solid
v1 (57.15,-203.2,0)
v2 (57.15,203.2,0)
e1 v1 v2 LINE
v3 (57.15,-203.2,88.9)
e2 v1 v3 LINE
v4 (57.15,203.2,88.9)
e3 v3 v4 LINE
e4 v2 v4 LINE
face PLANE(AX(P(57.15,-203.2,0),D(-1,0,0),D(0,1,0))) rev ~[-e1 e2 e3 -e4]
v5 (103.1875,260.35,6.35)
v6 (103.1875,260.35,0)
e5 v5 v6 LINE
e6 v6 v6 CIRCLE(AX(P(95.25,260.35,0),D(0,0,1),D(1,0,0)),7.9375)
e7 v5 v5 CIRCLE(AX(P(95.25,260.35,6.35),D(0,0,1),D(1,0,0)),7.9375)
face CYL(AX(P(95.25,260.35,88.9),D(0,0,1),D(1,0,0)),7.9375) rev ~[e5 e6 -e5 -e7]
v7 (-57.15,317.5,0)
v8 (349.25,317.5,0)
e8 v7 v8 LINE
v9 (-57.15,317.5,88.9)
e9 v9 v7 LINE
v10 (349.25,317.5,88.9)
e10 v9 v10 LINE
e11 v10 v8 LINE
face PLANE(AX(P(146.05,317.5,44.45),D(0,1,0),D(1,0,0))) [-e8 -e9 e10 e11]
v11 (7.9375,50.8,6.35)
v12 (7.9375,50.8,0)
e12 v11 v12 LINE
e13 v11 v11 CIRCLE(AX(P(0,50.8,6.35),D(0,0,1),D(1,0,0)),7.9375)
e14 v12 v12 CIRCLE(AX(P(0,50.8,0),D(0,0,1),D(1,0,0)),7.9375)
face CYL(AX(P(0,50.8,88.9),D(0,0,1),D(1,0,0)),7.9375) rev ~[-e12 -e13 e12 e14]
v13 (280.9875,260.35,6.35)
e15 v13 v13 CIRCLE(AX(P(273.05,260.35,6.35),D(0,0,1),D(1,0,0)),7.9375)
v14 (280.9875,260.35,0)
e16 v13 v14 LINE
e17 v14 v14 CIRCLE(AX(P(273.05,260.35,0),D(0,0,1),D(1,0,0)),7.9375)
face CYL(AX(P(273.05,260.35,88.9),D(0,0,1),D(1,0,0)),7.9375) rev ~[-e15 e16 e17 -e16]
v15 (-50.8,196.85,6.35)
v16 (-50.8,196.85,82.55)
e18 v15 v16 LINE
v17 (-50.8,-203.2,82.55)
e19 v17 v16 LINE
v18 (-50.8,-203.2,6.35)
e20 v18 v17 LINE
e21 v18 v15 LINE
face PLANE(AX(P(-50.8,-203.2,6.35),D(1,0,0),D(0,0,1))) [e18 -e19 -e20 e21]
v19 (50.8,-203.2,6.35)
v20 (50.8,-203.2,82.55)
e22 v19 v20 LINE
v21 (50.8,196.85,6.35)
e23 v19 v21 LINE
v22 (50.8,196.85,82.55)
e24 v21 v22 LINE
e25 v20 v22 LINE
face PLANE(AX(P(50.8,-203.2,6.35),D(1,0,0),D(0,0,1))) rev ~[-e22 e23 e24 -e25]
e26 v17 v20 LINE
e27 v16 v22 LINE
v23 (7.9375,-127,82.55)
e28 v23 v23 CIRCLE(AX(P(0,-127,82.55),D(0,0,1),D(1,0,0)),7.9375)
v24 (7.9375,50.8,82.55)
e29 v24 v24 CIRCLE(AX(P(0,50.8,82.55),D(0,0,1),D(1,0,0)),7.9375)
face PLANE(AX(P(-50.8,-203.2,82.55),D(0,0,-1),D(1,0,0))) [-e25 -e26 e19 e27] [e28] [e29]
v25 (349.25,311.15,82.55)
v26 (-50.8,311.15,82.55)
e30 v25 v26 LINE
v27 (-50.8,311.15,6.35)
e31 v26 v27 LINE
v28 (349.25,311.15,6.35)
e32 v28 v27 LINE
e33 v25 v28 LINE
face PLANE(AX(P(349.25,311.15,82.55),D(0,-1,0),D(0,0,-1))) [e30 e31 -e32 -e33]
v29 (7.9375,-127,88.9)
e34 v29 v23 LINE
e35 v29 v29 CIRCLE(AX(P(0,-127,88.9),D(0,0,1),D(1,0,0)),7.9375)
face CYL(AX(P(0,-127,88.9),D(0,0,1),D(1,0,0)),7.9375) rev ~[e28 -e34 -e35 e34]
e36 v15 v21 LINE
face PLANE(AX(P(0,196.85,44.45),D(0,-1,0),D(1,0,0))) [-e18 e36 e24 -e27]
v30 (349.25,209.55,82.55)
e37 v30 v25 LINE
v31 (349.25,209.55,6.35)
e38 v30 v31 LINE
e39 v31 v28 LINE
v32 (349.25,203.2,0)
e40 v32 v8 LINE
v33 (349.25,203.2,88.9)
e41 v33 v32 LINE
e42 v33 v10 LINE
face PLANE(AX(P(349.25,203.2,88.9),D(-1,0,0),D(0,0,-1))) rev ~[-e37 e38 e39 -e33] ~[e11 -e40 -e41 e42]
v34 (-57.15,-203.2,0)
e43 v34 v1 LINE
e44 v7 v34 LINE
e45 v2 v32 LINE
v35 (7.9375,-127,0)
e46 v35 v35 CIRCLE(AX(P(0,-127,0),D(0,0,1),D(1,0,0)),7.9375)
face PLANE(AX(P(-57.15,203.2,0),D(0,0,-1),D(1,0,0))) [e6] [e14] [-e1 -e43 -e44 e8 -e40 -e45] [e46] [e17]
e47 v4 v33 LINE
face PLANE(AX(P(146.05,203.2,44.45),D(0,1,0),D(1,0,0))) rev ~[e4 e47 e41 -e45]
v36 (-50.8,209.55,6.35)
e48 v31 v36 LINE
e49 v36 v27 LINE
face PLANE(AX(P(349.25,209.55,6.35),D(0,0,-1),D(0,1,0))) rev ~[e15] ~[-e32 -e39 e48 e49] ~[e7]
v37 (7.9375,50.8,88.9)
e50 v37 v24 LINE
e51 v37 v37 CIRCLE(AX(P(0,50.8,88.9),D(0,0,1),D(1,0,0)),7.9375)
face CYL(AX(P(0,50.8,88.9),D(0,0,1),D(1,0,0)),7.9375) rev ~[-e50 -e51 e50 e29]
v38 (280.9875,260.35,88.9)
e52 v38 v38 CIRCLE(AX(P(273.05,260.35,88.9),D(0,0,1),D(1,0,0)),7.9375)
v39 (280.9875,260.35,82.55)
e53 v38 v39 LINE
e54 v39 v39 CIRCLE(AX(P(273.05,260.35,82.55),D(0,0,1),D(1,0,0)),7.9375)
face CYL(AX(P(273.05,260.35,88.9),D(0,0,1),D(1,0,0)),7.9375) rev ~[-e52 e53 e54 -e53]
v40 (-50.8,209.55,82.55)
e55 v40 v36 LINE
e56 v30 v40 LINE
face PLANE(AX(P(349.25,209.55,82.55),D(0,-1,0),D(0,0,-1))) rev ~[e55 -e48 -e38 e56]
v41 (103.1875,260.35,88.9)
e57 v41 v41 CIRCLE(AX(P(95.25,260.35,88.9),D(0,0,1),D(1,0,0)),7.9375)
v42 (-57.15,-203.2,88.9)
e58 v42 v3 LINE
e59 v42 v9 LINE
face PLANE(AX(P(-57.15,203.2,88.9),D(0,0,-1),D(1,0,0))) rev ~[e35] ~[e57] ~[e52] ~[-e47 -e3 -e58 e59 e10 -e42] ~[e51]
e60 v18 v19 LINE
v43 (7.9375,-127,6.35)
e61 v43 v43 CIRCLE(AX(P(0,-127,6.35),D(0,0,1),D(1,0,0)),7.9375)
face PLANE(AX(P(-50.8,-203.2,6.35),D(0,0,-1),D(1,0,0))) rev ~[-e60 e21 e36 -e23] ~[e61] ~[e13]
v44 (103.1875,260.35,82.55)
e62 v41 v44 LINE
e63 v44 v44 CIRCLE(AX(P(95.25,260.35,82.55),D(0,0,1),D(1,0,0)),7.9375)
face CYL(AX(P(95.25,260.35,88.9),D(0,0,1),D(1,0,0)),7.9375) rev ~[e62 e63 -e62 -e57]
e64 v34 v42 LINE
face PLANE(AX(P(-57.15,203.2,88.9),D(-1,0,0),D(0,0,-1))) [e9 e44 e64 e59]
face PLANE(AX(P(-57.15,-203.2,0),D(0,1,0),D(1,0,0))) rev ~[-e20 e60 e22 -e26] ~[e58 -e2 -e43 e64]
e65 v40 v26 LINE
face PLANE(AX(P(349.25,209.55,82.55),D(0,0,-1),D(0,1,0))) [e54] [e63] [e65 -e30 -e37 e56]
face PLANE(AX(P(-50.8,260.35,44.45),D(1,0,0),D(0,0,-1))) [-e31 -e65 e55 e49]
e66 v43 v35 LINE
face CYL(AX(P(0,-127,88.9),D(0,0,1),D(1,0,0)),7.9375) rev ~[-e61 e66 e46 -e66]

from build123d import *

# Parameters (mm, degrees)
SKETCH1_W           = 114.3
SKETCH1_H           = 406.4
BOSS_EXTRUDE1_DEPTH = 88.9
SKETCH2_W           = 406.4
SKETCH2_H           = 88.9
BOSS_EXTRUDE2_DEPTH = 114.3
SKETCH3_W           = 76.2
SKETCH3_H           = 101.6
CUT_EXTRUDE1_DEPTH  = 400.05
SKETCH4_W           = 101.6
SKETCH4_H           = 76.2
CUT_EXTRUDE3_DEPTH  = 400.05
SKETCH5_R           = 7.9375
CUT_EXTRUDE4_DEPTH  = 400.05
SKETCH6_R           = 7.9375
CUT_EXTRUDE5_DEPTH  = 400.05


with BuildPart() as part:
    # Sketch1 → Boss-Extrude1 (new body)
    with BuildSketch(Plane.XY):
        Rectangle(SKETCH1_W, SKETCH1_H)
    extrude(amount=BOSS_EXTRUDE1_DEPTH)

    # Sketch2 → Boss-Extrude2 (add)
    with BuildSketch(Plane(origin=(0, 203.2, 0), x_dir=(1, 0, 0), z_dir=(0, 1, 0))):
        with Locations((146.05, -44.45)):
            Rectangle(SKETCH2_W, SKETCH2_H)
    extrude(amount=BOSS_EXTRUDE2_DEPTH)

    # Sketch3 → Cut-Extrude1 (cut)
    with BuildSketch(Plane(origin=(349.25, 0, 0), x_dir=(0, 0, -1), z_dir=(1, 0, 0))):
        with Locations((-44.45, 260.35)):
            Rectangle(SKETCH3_W, SKETCH3_H)
    extrude(amount=-CUT_EXTRUDE1_DEPTH, mode=Mode.SUBTRACT)

    # Sketch4 → Cut-Extrude3 (cut)
    with BuildSketch(Plane.XZ.offset(203.2)):
        with Locations((0, 44.45)):
            Rectangle(SKETCH4_W, SKETCH4_H)
    extrude(amount=-CUT_EXTRUDE3_DEPTH, mode=Mode.SUBTRACT)

    # Sketch5 → Cut-Extrude4 (cut)
    with BuildSketch(Plane.XY.offset(88.9)):
        with Locations((273.05, 260.35)):
            Circle(SKETCH5_R)
        with Locations((95.25, 260.35)):
            Circle(SKETCH5_R)
    extrude(amount=-CUT_EXTRUDE4_DEPTH, mode=Mode.SUBTRACT)

    # Sketch6 → Cut-Extrude5 (cut)
    with BuildSketch(Plane.XY.offset(88.9)):
        with Locations((0, -127)):
            Circle(SKETCH6_R)
        with Locations((0, 50.8)):
            Circle(SKETCH6_R)
    extrude(amount=-CUT_EXTRUDE5_DEPTH, mode=Mode.SUBTRACT)


solid = part.part
